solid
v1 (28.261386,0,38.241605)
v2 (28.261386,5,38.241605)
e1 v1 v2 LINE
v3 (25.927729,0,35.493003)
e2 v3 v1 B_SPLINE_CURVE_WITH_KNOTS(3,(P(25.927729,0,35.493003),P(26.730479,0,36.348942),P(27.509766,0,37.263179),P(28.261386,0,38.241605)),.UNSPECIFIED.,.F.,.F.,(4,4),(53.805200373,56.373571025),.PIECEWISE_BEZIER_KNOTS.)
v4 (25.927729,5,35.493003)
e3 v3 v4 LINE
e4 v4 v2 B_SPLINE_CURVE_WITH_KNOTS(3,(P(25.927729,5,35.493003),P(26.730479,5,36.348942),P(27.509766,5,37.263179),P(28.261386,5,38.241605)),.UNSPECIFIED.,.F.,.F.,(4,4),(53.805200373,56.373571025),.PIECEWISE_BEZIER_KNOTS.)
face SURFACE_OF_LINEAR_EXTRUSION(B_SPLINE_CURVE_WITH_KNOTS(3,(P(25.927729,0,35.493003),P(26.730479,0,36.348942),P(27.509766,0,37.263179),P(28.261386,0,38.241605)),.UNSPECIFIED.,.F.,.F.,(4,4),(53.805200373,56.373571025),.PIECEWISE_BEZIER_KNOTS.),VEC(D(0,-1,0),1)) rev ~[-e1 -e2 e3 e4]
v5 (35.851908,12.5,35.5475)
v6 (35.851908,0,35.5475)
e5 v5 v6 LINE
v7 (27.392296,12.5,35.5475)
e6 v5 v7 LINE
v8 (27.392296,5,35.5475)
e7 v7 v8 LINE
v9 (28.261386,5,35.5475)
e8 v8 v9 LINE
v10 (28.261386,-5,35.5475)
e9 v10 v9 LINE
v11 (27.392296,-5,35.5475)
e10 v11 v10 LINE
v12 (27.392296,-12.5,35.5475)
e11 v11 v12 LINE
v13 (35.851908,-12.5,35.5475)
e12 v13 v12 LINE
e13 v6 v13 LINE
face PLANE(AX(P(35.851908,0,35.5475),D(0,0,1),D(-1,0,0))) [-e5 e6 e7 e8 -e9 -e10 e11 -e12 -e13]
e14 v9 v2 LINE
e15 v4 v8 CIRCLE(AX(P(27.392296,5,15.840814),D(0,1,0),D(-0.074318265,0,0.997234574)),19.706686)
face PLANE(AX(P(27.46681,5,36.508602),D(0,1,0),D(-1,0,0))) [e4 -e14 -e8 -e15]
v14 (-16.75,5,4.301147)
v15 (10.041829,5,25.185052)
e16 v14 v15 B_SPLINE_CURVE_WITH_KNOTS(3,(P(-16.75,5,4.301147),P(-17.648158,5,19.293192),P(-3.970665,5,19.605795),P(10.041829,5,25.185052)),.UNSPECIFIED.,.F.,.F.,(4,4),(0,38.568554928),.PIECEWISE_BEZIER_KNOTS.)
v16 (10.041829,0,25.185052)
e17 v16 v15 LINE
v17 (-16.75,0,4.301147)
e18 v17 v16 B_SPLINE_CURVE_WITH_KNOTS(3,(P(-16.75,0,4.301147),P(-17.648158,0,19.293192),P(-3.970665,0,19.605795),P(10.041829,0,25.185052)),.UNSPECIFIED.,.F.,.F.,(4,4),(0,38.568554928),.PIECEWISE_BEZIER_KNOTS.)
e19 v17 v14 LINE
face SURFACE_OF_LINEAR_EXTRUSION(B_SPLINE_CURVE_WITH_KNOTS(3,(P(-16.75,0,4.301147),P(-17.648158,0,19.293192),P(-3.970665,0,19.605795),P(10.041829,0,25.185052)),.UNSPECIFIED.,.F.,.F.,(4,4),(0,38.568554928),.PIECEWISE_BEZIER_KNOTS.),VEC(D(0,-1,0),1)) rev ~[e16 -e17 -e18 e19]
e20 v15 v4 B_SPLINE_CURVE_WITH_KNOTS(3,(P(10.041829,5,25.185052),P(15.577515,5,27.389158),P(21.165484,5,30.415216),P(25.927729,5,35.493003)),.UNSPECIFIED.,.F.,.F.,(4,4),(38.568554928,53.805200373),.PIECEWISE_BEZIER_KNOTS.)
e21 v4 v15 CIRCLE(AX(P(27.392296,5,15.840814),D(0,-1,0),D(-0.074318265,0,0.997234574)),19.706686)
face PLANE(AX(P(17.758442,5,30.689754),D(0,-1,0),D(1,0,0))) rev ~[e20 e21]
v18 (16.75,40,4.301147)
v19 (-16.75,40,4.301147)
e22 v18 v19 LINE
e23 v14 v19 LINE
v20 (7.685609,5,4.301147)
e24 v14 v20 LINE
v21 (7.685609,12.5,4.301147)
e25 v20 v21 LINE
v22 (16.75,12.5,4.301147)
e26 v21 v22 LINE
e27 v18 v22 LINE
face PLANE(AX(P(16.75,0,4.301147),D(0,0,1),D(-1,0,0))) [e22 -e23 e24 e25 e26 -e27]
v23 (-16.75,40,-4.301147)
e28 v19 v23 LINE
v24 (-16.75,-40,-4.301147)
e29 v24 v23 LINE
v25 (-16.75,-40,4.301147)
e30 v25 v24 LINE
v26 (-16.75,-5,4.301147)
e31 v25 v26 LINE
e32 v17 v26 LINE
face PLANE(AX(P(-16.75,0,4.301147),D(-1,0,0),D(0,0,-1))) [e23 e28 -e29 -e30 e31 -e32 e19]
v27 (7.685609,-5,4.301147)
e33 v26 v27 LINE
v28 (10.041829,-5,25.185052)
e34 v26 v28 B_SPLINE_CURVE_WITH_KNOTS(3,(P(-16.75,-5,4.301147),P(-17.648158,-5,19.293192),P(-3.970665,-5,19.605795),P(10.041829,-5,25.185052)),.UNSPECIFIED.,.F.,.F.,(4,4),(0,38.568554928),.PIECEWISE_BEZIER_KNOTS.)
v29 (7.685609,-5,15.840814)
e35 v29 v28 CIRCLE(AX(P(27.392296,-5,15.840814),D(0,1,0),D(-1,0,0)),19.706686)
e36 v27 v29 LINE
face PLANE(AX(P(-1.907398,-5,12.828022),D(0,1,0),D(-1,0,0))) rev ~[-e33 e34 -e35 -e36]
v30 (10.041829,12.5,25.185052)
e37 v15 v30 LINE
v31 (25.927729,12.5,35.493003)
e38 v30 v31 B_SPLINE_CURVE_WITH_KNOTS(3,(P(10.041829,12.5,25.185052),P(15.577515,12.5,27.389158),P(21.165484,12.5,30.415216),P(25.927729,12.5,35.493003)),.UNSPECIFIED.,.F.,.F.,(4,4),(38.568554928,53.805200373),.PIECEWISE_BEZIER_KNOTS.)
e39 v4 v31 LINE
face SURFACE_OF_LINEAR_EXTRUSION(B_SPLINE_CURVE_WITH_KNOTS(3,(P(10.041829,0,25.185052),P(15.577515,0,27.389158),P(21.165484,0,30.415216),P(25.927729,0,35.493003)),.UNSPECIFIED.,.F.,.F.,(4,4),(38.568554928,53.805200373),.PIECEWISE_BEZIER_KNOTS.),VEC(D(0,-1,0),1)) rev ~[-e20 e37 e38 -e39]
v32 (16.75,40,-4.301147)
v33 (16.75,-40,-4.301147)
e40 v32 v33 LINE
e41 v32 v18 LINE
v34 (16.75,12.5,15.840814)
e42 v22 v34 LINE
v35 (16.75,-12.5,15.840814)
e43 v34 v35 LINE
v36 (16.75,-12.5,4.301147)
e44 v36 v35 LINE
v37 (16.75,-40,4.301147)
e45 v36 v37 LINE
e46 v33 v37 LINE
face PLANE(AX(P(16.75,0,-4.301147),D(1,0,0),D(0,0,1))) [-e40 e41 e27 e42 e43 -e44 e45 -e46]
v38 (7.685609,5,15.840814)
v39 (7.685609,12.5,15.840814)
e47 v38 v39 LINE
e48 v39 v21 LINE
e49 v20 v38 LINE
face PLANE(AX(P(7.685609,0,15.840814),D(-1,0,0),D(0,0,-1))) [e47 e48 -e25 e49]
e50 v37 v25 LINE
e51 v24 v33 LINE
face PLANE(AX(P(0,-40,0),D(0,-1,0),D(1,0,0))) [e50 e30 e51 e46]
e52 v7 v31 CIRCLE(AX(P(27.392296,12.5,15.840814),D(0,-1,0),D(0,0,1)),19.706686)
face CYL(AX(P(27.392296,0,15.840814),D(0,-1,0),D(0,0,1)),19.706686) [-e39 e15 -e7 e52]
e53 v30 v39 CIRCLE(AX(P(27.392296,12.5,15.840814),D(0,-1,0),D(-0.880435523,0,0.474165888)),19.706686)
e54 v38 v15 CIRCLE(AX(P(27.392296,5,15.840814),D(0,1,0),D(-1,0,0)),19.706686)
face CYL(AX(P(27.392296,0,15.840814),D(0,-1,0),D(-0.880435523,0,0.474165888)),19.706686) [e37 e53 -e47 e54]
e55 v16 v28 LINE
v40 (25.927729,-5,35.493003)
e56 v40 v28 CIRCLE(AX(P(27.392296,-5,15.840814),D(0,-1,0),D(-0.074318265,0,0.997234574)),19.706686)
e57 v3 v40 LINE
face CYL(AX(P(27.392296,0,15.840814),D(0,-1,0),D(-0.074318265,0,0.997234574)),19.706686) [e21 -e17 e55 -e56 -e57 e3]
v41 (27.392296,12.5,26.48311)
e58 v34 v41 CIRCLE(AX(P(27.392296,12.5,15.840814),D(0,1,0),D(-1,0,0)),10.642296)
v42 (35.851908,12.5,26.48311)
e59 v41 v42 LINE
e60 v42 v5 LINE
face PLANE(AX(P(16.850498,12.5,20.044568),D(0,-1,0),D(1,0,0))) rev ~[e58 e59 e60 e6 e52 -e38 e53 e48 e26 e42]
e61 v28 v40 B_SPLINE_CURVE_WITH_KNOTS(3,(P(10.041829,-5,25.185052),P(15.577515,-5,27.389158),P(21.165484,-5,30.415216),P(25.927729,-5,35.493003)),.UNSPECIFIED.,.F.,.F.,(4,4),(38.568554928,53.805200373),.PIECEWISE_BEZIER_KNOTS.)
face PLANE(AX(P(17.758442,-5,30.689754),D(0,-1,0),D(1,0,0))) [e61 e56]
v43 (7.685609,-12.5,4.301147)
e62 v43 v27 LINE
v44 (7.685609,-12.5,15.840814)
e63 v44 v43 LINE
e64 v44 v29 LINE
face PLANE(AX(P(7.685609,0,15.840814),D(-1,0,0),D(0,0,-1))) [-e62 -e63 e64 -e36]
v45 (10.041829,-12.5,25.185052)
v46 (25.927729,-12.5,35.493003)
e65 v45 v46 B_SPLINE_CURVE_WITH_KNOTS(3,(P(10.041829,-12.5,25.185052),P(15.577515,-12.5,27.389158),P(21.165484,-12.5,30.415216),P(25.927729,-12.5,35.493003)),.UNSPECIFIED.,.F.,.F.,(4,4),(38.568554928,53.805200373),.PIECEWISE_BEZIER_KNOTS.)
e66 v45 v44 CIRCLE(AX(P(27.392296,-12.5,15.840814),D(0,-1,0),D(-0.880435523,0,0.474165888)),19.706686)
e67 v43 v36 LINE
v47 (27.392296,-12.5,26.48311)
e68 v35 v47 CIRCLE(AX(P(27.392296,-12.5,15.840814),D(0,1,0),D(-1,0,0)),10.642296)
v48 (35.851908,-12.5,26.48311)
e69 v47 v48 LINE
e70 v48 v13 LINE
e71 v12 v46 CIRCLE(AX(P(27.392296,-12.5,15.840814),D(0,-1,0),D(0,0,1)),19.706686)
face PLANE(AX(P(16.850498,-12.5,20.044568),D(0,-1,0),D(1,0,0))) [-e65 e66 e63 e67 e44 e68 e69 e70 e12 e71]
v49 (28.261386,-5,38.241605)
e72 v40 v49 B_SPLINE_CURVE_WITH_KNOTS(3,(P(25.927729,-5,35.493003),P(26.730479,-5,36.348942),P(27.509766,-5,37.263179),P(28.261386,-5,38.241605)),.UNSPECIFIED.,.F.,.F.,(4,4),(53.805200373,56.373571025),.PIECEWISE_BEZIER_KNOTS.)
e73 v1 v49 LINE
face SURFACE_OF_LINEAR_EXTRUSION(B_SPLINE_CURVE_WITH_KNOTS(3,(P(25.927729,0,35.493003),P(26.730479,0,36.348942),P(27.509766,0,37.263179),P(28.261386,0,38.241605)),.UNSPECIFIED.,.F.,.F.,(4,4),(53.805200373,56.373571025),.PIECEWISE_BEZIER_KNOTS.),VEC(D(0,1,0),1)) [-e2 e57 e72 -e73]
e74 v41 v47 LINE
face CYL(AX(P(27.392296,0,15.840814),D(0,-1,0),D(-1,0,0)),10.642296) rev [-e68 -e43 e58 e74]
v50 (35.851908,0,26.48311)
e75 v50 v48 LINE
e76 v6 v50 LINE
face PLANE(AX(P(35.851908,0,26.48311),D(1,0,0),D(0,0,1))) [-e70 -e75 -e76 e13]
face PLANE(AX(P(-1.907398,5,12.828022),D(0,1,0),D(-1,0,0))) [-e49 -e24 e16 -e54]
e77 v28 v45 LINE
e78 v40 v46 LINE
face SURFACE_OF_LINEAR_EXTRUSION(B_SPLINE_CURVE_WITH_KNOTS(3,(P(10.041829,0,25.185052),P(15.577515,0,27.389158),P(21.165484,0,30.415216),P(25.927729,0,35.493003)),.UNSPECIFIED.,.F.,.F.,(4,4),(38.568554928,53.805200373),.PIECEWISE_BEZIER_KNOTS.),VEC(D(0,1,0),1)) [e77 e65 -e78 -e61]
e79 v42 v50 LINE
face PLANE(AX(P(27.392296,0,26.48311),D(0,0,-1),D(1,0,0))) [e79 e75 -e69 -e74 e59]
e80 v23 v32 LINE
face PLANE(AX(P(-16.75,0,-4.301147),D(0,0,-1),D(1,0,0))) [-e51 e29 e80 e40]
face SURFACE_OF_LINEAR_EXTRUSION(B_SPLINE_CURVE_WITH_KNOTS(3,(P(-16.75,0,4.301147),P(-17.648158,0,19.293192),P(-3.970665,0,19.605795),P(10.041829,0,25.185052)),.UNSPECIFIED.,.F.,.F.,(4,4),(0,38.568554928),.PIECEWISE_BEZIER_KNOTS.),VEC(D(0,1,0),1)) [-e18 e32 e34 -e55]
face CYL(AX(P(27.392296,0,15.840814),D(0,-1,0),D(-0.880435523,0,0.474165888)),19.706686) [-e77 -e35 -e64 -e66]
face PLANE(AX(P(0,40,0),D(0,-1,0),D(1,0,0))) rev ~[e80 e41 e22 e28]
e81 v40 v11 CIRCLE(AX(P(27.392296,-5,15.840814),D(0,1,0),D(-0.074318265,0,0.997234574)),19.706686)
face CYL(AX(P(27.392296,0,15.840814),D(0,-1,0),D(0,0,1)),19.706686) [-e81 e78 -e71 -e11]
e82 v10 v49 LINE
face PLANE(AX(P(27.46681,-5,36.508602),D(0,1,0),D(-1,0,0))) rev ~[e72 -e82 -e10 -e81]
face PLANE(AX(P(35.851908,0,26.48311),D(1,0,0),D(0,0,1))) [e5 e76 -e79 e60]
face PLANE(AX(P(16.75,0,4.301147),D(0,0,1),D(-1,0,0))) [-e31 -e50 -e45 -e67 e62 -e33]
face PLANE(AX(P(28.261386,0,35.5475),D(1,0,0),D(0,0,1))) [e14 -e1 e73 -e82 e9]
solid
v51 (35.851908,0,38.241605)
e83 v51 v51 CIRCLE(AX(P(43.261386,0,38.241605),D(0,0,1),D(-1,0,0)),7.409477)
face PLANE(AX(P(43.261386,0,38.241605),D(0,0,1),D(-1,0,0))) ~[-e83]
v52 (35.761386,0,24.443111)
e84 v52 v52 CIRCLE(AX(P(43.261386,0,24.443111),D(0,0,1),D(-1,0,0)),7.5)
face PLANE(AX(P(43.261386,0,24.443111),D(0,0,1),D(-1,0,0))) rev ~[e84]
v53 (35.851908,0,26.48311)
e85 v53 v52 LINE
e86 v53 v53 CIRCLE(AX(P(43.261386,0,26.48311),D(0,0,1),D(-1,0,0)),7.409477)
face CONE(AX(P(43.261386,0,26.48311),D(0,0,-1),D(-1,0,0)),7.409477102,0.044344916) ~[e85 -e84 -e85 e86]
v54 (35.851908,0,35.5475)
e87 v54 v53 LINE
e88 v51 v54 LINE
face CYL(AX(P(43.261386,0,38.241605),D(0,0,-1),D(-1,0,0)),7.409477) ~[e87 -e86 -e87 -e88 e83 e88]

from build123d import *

# Parameters (mm, degrees)
F0_W     = 7.5905228982
F0_H     = 9.0643905006
F1_DEPTH = 12.5
F2_DEPTH = 40
F4_DEPTH = 5


with BuildPart() as f1:
    # F0 (on Front) → F1 (new body, symmetric)
    with BuildSketch(Plane.XZ):
        with BuildLine():
            Line((7.6856094994, 4.3011470738), (16.75, 4.3011470738))
            Line((16.75, 4.3011470738), (16.75, 15.840813565))
            ThreePointArc((16.75, 15.840813565), (19.8670563253, 23.3660532203), (27.3922959806, 26.4831095456))
            Line((27.3922959806, 26.4831095456), (28.2613855783, 26.4831095456))
            Line((28.2613855783, 26.4831095456), (28.2613855783, 35.5475000462))
            Line((28.2613855783, 35.5475000462), (27.3922959806, 35.5475000462))
            ThreePointArc((27.3922959806, 35.5475000462), (26.6595058125, 35.5338709873), (25.9277292333, 35.4930026622))
            add(Edge.make_bspline(
                [(10.0418291586, 25.185052064), (15.5775151902, 27.3891576343), (21.1654840675, 30.4152159291), (25.9277292333, 35.4930026622)],
                knots=[38.5685549277, 38.5685549277, 38.5685549277, 38.5685549277, 53.8052003725, 53.8052003725, 53.8052003725, 53.8052003725], degree=3))
            ThreePointArc((10.0418291586, 25.185052064), (8.283741587, 20.659178542), (7.6856094994, 15.840813565))
            Line((7.6856094994, 15.840813565), (7.6856094994, 4.3011470738))
        make_face()
        with Locations((32.0566470274, 31.0153047959)):
            Rectangle(F0_W, F0_H)
    extrude(amount=F1_DEPTH, both=True)

    # F0 (on Front) → F2 (join, symmetric)
    with BuildSketch(Plane.XZ):
        Polygon((-16.75, -4.3011470738), (16.75, -4.3011470738), (16.75, 4.3011470738), (7.6856094994, 4.3011470738), (-16.75, 4.3011470738), align=None)
    extrude(amount=F2_DEPTH, both=True)

    # F0 (on Front) → F3 (revolve)
    with BuildSketch(Plane.XZ):
        Polygon((35.8519084766, 35.5475000462), (35.8519084766, 26.4831095456), (35.7613855783, 24.4431112285), (43.2613855783, 24.4431112285), (43.2613855783, 38.2416049142), (35.8519084766, 38.2416049142), align=None)
    revolve(axis=Axis((43.2613855783, 0, 31.3423580713), (0, 0, 1)))

    # F0 (on Front) → F4 (join, symmetric)
    with BuildSketch(Plane.XZ):
        with BuildLine():
            add(Edge.make_bspline(
                [(-16.75, 4.3011470738), (-17.6481580104, 19.2931920358), (-3.9706653598, 19.6057946701), (10.0418291586, 25.185052064)],
                knots=[0, 0, 0, 0, 38.5685549277, 38.5685549277, 38.5685549277, 38.5685549277], degree=3))
            Line((-16.75, 4.3011470738), (7.6856094994, 4.3011470738))
            Line((7.6856094994, 4.3011470738), (7.6856094994, 15.840813565))
            ThreePointArc((7.6856094994, 15.840813565), (8.283741587, 20.659178542), (10.0418291586, 25.185052064))
        make_face()
        with BuildLine():
            ThreePointArc((25.9277292333, 35.4930026622), (16.6654682372, 32.3722581065), (10.0418291586, 25.185052064))
            add(Edge.make_bspline(
                [(10.0418291586, 25.185052064), (15.5775151902, 27.3891576343), (21.1654840675, 30.4152159291), (25.9277292333, 35.4930026622)],
                knots=[38.5685549277, 38.5685549277, 38.5685549277, 38.5685549277, 53.8052003725, 53.8052003725, 53.8052003725, 53.8052003725], degree=3))
        make_face()
        with BuildLine():
            add(Edge.make_bspline(
                [(25.9277292333, 35.4930026622), (26.7304788127, 36.34894162), (27.5097660464, 37.2631789667), (28.2613855783, 38.2416049142)],
                knots=[53.8052003725, 53.8052003725, 53.8052003725, 53.8052003725, 56.3735710248, 56.3735710248, 56.3735710248, 56.3735710248], degree=3))
            ThreePointArc((25.9277292333, 35.4930026622), (26.6595058125, 35.5338709873), (27.3922959806, 35.5475000462))
            Line((27.3922959806, 35.5475000462), (28.2613855783, 35.5475000462))
            Line((28.2613855783, 35.5475000462), (28.2613855783, 38.2416049142))
        make_face()
    extrude(amount=F4_DEPTH, both=True)


solid = f1.part
